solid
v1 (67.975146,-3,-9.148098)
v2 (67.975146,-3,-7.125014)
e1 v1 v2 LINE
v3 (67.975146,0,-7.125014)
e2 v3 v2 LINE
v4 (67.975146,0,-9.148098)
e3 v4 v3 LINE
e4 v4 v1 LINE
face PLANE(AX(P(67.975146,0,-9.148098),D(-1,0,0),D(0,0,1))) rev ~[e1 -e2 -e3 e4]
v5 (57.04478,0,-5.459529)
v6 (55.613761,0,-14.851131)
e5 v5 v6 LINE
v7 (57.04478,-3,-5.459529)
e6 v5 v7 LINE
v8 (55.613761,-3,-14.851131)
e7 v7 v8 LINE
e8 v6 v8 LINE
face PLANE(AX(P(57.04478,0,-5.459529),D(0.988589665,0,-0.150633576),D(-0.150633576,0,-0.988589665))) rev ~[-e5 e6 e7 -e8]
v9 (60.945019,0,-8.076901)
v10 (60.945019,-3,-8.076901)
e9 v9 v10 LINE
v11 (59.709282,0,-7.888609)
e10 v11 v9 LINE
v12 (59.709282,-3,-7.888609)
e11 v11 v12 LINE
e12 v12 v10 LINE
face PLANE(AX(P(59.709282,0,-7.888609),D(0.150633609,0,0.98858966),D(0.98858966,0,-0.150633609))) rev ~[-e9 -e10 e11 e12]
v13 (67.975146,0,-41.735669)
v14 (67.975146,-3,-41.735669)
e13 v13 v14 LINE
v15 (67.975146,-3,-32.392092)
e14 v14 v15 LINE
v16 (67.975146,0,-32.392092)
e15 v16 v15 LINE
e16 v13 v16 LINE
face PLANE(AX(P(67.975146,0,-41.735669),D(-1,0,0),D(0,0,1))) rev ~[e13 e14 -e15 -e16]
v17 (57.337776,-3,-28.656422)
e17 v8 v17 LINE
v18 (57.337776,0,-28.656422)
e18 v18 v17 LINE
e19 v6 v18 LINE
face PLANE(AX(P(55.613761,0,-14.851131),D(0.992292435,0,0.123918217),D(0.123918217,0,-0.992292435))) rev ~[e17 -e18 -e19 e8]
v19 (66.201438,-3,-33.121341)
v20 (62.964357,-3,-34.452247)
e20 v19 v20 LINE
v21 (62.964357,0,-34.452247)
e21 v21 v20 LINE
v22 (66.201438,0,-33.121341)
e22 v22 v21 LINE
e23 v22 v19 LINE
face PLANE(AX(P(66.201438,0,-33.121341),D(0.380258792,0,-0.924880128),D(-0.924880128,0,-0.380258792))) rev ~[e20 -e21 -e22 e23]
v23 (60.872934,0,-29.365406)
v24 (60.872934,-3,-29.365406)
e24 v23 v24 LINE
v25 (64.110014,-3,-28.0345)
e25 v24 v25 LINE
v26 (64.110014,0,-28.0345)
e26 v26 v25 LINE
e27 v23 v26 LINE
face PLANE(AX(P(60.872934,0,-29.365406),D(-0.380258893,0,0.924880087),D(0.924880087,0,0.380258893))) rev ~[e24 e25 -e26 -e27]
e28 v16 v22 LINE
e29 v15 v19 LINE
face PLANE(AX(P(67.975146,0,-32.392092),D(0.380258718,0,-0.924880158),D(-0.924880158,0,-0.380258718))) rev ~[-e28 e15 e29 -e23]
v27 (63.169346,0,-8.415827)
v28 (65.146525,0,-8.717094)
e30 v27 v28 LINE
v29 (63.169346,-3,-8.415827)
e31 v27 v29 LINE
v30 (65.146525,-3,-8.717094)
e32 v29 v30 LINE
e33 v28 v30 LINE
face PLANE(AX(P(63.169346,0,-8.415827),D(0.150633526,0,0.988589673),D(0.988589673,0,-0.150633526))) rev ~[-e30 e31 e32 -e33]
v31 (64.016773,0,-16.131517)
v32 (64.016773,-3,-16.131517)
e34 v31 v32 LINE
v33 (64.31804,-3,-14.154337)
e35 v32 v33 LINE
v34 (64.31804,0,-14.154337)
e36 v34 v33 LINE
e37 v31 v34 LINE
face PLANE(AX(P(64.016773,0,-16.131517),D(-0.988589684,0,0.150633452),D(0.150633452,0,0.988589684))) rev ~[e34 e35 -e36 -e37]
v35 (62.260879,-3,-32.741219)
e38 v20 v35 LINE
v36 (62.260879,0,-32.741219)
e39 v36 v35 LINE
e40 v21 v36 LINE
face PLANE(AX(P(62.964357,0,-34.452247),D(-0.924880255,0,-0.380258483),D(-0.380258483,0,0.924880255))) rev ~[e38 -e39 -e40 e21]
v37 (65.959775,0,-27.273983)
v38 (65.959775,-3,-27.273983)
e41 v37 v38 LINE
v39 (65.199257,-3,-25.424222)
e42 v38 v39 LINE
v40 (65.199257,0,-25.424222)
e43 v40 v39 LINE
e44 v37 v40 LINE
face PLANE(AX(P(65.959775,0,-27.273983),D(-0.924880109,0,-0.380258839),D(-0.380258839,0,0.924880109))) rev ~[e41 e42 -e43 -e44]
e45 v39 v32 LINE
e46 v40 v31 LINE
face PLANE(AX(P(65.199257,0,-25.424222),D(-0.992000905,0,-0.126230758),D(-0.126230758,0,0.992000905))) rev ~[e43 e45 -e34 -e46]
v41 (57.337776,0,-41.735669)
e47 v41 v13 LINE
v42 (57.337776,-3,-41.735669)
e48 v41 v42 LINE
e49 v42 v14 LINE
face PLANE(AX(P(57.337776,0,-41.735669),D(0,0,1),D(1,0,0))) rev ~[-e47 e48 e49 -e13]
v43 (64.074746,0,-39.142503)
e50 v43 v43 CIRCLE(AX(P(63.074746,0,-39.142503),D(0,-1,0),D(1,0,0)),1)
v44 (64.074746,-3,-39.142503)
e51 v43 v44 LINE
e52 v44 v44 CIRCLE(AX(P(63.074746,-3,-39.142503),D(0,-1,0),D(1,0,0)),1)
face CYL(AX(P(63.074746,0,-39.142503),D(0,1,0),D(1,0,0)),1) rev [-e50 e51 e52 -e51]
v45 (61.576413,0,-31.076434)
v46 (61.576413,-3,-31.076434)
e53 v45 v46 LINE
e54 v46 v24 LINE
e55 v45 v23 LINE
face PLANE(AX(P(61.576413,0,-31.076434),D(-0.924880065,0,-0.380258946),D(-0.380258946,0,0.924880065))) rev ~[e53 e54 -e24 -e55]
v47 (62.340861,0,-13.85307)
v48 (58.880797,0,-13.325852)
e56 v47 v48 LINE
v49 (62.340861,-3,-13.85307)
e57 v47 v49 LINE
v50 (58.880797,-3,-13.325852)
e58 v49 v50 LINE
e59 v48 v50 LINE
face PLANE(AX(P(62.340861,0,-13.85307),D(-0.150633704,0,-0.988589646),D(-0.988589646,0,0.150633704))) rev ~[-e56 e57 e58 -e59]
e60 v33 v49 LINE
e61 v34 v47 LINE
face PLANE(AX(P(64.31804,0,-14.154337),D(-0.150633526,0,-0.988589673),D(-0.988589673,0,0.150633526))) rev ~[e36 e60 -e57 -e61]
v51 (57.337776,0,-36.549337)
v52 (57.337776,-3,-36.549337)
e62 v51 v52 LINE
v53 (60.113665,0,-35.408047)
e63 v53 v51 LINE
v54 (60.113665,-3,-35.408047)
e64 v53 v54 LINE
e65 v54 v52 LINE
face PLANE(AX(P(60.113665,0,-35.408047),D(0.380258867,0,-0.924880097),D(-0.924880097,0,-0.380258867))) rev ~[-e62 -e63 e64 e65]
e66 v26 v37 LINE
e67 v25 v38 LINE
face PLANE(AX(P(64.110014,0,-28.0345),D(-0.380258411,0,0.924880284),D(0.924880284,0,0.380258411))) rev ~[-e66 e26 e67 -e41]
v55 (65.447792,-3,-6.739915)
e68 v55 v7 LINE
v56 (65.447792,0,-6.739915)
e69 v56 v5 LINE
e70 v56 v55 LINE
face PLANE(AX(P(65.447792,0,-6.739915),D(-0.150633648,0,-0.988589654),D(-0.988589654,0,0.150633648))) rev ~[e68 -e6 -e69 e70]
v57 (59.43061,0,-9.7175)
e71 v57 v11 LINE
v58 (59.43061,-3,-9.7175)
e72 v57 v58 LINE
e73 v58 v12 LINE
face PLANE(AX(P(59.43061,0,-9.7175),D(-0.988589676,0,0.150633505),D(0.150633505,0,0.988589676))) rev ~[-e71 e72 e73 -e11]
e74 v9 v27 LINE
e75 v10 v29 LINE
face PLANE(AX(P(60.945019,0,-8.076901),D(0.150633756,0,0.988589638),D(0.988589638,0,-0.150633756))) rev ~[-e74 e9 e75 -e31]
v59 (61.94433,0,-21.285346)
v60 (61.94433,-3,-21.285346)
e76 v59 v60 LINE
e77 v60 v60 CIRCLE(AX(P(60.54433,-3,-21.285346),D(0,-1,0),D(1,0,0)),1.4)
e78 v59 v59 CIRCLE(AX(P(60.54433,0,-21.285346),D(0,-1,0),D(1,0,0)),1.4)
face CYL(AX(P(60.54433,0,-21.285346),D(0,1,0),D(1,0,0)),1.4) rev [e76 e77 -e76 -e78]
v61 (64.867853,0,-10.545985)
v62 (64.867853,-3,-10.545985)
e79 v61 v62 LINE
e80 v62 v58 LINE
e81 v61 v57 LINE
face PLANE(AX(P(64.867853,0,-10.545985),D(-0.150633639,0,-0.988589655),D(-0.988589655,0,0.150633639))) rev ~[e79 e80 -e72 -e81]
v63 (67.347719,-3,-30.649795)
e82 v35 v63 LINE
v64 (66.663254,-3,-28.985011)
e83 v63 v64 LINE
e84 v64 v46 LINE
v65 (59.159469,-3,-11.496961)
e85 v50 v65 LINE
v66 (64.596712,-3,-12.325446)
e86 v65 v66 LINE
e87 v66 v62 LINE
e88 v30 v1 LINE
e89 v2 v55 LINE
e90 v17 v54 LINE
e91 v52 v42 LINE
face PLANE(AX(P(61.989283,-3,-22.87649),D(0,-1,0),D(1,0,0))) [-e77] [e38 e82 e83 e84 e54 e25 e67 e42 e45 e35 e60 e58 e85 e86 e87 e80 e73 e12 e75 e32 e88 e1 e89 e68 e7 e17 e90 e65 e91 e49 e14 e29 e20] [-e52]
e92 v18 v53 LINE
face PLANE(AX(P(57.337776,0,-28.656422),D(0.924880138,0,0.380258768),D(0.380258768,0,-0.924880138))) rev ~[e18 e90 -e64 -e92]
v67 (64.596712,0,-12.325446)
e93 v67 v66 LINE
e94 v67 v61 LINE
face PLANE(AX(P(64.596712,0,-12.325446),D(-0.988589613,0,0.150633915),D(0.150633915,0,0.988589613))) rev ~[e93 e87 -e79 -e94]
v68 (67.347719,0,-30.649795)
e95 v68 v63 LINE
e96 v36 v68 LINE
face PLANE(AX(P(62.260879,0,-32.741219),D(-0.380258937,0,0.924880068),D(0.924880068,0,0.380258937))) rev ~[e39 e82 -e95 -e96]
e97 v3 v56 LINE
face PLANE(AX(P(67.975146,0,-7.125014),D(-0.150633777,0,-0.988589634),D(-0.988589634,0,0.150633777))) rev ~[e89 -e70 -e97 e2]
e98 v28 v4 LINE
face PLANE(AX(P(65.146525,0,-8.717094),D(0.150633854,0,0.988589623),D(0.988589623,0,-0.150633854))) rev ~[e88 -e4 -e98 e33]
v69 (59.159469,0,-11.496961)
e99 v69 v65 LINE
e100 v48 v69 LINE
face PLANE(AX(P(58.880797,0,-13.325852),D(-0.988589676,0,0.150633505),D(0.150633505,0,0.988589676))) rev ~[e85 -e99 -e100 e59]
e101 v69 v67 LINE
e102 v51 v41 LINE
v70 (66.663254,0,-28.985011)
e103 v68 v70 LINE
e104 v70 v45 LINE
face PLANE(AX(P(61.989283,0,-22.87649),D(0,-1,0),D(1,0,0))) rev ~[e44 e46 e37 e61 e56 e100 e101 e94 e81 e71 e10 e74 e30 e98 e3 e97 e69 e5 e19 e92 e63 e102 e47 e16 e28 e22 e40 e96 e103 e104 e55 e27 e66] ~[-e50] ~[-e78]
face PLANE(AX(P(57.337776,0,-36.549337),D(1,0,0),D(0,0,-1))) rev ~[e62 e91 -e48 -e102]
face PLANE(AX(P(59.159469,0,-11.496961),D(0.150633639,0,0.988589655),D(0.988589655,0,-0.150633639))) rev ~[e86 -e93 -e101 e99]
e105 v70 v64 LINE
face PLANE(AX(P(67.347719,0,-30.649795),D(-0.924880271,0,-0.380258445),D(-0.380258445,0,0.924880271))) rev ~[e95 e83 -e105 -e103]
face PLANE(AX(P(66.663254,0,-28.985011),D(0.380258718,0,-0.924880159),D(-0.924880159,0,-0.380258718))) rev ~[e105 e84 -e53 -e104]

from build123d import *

# Parameters (mm, degrees)
F0_R     = 1
F0_R_2   = 1.4
F1_DEPTH = 3


with BuildPart() as f1:
    # F0 (on Front) → F1 (new body)
    with BuildSketch(Plane.XZ):
        Polygon((66.201438, -33.121341), (62.964357, -34.452247), (62.260879, -32.741219), (67.347719, -30.649795), (66.663254, -28.985011), (61.576413, -31.076434), (60.872934, -29.365406), (64.110014, -28.0345), (65.959775, -27.273983), (65.199257, -25.424222), (64.016773, -16.131517), (64.31804, -14.154337), (62.340861, -13.85307), (58.880797, -13.325852), (59.159469, -11.496961), (64.596712, -12.325446), (64.867853, -10.545985), (59.43061, -9.7175), (59.709282, -7.888609), (60.945019, -8.076901), (63.169346, -8.415827), (65.146525, -8.717094), (67.975146, -9.148098), (67.975146, -7.125014), (65.447792, -6.739915), (61.246286, -6.099722), (57.04478, -5.459529), (55.613761, -14.851131), (57.337776, -28.656422), (60.113665, -35.408047), (57.337776, -36.549337), (57.337776, -41.735669), (67.975146, -41.735669), (67.975146, -32.392092), align=None)
        with Locations((63.074746, -39.142503)):
            Circle(F0_R, mode=Mode.SUBTRACT)
        with Locations((60.54433, -21.285346)):
            Circle(F0_R_2, mode=Mode.SUBTRACT)
    extrude(amount=F1_DEPTH)


solid = f1.part
